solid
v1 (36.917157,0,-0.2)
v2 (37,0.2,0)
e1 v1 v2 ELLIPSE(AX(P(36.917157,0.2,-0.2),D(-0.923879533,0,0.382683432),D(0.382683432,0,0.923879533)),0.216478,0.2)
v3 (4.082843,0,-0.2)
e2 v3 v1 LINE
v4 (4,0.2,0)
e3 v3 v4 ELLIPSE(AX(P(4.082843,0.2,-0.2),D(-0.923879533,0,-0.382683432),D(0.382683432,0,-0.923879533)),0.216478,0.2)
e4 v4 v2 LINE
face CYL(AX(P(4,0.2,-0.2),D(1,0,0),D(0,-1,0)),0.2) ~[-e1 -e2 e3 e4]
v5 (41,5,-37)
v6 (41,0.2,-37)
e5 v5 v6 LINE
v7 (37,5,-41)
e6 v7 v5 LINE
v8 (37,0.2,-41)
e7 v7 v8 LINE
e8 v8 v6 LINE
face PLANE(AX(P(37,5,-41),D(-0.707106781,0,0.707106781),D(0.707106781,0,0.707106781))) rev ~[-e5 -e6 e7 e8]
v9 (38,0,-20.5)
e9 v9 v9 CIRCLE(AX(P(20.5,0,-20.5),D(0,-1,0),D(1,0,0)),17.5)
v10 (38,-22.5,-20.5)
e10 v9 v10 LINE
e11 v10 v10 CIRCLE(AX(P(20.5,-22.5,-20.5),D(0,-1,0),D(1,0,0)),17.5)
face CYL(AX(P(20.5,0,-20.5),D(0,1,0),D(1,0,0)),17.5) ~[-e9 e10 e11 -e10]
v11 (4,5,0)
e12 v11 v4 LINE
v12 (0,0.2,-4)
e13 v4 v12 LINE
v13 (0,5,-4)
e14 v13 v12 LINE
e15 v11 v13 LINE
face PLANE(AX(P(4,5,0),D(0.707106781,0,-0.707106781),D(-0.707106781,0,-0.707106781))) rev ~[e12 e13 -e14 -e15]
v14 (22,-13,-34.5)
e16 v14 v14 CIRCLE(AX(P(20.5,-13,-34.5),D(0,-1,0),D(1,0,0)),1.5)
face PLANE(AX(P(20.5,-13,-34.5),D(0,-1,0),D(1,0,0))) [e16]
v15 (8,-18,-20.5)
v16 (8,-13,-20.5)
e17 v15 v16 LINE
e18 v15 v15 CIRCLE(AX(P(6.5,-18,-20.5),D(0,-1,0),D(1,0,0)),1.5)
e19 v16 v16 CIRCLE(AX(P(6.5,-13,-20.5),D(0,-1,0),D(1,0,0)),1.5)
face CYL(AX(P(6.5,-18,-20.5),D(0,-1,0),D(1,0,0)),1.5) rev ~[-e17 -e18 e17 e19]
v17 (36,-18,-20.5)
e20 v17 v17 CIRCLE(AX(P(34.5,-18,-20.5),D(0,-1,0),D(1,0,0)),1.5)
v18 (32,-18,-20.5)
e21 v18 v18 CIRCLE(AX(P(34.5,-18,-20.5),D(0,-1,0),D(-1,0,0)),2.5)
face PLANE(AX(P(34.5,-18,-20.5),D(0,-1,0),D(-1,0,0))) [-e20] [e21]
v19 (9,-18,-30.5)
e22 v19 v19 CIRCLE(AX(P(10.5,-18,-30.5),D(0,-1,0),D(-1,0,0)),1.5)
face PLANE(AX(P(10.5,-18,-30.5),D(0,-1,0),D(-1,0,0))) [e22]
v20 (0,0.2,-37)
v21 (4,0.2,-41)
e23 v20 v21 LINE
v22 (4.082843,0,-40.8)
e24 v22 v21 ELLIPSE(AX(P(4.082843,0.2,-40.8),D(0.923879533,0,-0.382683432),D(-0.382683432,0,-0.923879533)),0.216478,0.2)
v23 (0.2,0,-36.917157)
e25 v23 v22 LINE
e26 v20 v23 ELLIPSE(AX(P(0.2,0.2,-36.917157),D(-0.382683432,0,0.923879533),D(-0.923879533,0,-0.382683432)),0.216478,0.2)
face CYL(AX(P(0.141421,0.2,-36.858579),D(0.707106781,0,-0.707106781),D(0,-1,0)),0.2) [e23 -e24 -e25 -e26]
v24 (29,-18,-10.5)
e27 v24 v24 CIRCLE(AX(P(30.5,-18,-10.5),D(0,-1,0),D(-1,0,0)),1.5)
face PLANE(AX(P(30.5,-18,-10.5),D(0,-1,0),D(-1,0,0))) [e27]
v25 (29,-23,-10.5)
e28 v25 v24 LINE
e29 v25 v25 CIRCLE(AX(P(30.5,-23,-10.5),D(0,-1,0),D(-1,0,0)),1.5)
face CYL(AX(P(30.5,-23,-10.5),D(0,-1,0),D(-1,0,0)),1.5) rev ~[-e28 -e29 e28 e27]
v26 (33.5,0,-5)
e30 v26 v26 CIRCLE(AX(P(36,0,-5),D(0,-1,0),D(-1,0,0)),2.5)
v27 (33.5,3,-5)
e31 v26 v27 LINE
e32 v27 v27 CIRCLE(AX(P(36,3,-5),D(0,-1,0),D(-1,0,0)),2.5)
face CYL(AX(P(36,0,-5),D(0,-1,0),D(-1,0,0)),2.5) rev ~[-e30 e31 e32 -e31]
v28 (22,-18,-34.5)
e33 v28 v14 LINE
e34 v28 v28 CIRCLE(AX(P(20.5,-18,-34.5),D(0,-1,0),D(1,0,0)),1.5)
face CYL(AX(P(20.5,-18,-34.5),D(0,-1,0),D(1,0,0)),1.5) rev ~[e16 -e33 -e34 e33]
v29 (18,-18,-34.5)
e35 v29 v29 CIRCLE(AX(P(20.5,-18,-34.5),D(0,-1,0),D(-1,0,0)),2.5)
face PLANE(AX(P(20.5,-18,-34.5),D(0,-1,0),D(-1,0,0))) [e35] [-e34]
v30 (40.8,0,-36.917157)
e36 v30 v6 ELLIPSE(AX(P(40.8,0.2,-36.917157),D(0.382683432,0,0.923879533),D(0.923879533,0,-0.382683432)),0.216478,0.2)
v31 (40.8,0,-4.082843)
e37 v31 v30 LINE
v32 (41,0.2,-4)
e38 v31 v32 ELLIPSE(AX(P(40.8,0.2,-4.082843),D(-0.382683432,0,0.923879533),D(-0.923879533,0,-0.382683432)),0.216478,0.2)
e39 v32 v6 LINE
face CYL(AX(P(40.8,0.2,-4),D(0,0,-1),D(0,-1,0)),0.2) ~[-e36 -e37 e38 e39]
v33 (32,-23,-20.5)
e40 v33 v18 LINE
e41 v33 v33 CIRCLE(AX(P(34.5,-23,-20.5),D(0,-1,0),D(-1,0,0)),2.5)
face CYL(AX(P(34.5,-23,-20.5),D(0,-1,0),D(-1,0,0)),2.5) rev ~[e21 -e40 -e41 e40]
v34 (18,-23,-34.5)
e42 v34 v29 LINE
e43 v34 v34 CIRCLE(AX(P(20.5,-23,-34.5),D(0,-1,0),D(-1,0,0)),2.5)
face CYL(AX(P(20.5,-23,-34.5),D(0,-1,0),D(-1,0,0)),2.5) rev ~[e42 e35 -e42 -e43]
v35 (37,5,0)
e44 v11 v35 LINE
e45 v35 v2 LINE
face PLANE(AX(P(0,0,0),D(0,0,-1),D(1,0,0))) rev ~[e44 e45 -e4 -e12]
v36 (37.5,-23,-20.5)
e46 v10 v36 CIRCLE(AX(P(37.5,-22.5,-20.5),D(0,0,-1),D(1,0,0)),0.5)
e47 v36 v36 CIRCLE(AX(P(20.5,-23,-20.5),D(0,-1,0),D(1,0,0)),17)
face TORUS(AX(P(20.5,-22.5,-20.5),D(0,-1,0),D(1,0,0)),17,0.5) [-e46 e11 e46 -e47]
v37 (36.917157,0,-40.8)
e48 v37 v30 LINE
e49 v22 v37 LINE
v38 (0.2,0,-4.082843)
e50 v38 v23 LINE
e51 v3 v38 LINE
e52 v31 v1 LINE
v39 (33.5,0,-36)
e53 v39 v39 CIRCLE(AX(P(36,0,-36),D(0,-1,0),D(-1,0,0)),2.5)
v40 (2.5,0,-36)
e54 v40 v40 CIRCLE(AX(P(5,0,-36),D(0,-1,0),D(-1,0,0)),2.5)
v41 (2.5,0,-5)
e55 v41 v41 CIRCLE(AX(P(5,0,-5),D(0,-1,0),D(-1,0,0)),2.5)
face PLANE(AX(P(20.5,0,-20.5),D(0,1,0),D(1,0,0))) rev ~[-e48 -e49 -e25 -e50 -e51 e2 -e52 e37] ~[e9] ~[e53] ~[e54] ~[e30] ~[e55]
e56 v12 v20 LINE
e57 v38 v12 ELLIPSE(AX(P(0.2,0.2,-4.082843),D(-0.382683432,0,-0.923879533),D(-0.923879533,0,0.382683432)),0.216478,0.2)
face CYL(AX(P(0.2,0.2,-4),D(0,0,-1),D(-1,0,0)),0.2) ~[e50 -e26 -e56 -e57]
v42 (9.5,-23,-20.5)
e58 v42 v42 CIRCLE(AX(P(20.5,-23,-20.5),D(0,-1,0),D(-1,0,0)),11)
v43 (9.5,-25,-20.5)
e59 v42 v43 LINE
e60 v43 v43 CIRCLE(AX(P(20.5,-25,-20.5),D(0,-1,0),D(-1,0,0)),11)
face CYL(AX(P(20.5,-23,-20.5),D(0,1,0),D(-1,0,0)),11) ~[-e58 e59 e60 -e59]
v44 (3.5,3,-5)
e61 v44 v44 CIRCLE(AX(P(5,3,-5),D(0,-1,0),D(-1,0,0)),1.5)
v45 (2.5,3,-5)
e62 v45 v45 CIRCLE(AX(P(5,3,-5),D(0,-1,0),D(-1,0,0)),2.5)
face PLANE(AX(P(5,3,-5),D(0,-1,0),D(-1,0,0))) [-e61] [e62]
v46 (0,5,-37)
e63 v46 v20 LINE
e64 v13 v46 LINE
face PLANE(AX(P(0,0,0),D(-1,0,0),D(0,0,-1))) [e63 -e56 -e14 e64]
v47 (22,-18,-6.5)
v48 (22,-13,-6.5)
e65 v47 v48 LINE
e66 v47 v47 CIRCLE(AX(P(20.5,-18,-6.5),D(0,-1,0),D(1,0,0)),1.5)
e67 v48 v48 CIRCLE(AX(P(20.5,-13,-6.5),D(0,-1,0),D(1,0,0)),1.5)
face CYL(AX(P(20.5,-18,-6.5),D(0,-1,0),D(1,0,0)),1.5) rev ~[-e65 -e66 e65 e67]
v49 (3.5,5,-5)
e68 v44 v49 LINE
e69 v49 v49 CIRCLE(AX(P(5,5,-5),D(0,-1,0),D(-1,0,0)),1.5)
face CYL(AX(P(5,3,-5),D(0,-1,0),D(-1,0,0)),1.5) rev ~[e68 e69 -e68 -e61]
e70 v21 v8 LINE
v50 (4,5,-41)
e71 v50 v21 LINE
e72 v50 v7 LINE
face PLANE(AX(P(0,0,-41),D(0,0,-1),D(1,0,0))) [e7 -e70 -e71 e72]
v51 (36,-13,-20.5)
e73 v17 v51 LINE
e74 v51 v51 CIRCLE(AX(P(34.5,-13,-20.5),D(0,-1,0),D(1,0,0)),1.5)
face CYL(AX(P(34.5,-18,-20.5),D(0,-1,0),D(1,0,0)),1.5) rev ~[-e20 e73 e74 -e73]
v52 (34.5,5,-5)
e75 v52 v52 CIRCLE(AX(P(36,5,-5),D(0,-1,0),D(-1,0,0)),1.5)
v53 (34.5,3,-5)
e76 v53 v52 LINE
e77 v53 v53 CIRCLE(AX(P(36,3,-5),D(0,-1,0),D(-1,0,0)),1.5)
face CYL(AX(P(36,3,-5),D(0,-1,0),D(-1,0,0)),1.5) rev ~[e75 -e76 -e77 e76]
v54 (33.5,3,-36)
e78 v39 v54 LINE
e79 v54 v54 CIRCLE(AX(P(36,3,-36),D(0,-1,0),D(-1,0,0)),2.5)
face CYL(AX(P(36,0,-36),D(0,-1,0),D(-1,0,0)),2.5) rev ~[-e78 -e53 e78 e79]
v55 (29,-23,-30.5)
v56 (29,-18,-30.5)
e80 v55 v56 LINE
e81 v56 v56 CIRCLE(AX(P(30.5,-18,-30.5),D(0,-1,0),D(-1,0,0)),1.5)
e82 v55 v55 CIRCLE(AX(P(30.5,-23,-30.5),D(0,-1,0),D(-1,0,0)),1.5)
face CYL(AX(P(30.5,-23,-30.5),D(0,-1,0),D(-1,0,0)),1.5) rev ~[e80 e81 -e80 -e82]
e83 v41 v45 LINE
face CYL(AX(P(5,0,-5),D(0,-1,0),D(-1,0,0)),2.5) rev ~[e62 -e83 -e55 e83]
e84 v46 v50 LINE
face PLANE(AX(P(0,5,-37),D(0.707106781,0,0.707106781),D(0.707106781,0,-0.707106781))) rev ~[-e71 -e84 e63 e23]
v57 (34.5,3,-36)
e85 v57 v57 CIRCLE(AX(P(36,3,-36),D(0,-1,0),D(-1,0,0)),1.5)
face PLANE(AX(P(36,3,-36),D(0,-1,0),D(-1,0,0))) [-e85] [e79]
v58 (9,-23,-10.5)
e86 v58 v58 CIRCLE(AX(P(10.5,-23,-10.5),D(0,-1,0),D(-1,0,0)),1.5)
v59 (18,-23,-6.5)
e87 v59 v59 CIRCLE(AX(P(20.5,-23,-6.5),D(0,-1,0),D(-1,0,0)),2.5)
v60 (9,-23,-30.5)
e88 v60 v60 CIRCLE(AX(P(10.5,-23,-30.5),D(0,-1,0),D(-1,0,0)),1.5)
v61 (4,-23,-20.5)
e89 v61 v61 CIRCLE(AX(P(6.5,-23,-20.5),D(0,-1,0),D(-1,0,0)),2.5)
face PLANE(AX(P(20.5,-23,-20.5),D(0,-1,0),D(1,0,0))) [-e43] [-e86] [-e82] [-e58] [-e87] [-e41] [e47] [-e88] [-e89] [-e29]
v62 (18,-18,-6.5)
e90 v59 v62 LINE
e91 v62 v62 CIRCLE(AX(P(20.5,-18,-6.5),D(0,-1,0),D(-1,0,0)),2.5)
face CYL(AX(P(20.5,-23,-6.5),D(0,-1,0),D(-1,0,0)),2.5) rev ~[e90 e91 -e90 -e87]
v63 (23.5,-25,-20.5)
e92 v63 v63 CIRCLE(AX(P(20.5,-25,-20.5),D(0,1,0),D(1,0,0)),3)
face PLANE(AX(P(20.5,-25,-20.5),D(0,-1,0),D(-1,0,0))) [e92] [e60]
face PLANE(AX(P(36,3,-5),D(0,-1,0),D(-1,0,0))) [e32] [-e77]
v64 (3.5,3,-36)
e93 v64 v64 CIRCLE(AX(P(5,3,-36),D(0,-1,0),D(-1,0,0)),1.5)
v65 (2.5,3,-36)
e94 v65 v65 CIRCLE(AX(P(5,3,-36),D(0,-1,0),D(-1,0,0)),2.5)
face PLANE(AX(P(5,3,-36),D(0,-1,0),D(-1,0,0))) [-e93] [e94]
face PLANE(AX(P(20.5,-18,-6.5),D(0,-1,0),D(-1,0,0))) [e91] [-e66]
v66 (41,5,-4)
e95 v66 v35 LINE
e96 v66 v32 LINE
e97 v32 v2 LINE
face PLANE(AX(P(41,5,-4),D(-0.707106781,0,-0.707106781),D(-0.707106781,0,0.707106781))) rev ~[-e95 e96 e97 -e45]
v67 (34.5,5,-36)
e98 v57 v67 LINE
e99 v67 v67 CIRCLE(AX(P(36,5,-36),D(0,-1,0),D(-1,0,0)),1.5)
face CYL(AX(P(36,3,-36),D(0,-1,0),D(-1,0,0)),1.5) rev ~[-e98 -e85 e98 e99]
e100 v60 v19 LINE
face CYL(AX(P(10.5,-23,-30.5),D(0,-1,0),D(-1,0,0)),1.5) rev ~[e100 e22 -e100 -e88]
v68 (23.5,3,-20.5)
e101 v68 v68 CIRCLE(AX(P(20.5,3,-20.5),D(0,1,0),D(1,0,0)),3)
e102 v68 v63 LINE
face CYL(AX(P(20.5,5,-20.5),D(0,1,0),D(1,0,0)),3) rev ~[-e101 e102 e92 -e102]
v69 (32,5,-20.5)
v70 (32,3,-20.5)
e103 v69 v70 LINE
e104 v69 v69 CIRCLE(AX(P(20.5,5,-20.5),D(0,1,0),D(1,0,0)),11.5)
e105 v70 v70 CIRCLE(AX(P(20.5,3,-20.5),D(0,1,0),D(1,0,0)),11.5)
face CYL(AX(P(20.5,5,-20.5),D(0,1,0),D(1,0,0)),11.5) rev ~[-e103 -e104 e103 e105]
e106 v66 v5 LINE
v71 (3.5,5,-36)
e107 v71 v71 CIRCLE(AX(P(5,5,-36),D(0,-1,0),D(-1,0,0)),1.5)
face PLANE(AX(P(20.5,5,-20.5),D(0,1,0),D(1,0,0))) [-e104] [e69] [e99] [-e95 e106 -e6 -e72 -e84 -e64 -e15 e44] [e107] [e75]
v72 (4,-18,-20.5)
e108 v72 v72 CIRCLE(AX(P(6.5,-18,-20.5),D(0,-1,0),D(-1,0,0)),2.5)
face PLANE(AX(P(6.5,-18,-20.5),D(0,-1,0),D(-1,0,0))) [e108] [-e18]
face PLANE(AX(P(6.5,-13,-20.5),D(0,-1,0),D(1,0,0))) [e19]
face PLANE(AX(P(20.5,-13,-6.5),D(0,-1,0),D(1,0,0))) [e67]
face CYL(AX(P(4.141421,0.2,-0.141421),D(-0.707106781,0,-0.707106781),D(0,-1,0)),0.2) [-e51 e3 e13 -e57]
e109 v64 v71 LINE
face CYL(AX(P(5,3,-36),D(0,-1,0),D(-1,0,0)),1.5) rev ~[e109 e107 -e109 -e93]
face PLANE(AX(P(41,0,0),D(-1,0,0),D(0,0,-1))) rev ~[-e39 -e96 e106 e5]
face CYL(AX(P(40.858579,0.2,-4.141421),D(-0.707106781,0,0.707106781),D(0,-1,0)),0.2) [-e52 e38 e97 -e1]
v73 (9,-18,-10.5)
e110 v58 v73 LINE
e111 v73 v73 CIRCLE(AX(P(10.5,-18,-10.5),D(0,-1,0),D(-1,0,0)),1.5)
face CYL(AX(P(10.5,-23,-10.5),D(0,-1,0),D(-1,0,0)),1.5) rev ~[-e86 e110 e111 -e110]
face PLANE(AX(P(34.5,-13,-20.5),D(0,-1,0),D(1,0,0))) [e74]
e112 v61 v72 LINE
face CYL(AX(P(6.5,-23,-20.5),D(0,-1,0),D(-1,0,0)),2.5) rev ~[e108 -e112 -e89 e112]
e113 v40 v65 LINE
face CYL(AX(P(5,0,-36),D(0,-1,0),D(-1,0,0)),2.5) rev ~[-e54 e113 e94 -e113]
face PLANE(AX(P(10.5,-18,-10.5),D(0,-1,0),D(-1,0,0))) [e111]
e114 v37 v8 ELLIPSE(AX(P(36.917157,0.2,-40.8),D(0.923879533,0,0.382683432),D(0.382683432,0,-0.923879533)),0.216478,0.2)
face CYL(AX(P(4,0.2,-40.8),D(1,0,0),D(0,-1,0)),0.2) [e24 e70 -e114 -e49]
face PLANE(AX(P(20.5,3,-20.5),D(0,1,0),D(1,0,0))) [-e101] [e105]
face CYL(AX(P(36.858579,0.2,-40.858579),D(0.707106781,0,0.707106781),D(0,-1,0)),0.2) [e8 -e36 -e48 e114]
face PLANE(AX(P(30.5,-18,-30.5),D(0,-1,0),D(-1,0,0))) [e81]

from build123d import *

# Parameters (mm, degrees)
SKETCH1_W           = 41
SKETCH1_H           = 41
BOSS_EXTRUDE1_DEPTH = 5
CUT_EXTRUDE2_DEPTH  = 5
SKETCH4_R           = 11.5
CUT_EXTRUDE3_DEPTH  = 2
SKETCH6_R           = 17.5
BOSS_EXTRUDE2_DEPTH = 23
FILLET1_R           = 0.2
FILLET2_R           = 0.5
SKETCH13_R          = 11
BOSS_EXTRUDE3_DEPTH = 2
SKETCH5_R           = 3
CUT_EXTRUDE9_DEPTH  = 31
SKETCH14_R          = 2.5
CUT_EXTRUDE10_DEPTH = 5
SKETCH15_R          = 1.5
CUT_EXTRUDE11_DEPTH = 5
SKETCH16_R          = 2.5
CUT_EXTRUDE12_DEPTH = 3
SKETCH17_R          = 1.5
CUT_EXTRUDE13_DEPTH = 3
SKETCH18_R          = 1.5
CUT_EXTRUDE14_DEPTH = 5


with BuildPart() as part:
    # Sketch1 → Boss-Extrude1 (new body)
    with BuildSketch(Plane(origin=(0, 0, 0), x_dir=(1, 0, 0), z_dir=(0, 1, 0))):
        with Locations((20.5, 20.5)):
            Rectangle(SKETCH1_W, SKETCH1_H)
    extrude(amount=BOSS_EXTRUDE1_DEPTH)

    # Sketch2 → Cut-Extrude2 (cut)
    with BuildSketch(Plane(origin=(0, 5, 0), x_dir=(1, 0, 0), z_dir=(0, 1, 0))):
        Polygon((0, 4), (0, 0), (4, 0), align=None)
        Polygon((0, 41), (0, 37), (4, 41), align=None)
        Polygon((41, 41), (37, 41), (41, 37), align=None)
        Polygon((41, 4), (37, 0), (41, 0), align=None)
    extrude(amount=-CUT_EXTRUDE2_DEPTH, mode=Mode.SUBTRACT)

    # Sketch4 → Cut-Extrude3 (cut)
    with BuildSketch(Plane(origin=(0, 5, 0), x_dir=(1, 0, 0), z_dir=(0, 1, 0))):
        with Locations((20.5, 20.5)):
            Circle(SKETCH4_R)
    extrude(amount=-CUT_EXTRUDE3_DEPTH, mode=Mode.SUBTRACT)

    # Sketch6 → Boss-Extrude2 (add)
    with BuildSketch(Plane.XZ):
        with Locations((20.5, -20.5)):
            Circle(SKETCH6_R)
    extrude(amount=BOSS_EXTRUDE2_DEPTH)

    # Fillet1
    fillet1_edges = [part.edges().sort_by_distance(p)[0] for p in [
        (20.5, 0, 0),
        (2, 0, -2),
        (0, 0, -20.5),
        (2, 0, -39),
        (20.5, 0, -41),
        (39, 0, -39),
        (41, 0, -20.5),
        (39, 0, -2),
    ]]
    fillet(fillet1_edges, radius=FILLET1_R)

    # Fillet2
    fillet2_edges = [part.edges().sort_by_distance(p)[0] for p in [
        (3, -23, -20.5),
    ]]
    fillet(fillet2_edges, radius=FILLET2_R)

    # Sketch13 → Boss-Extrude3 (add)
    with BuildSketch(Plane(origin=(0, -23, 0), x_dir=(-1, 0, 0), z_dir=(0, -1, 0))):
        with Locations((-20.5, 20.5)):
            Circle(SKETCH13_R)
    extrude(amount=BOSS_EXTRUDE3_DEPTH)

    # Sketch5 → Cut-Extrude9 (cut, through all)
    with BuildSketch(Plane(origin=(0, 5, 0), x_dir=(1, 0, 0), z_dir=(0, 1, 0))):
        with Locations((20.5, 20.5)):
            Circle(SKETCH5_R)
    extrude(amount=-CUT_EXTRUDE9_DEPTH, mode=Mode.SUBTRACT)

    # Sketch14 → Cut-Extrude10 (cut)
    with BuildSketch(Plane(origin=(0, -23, 0), x_dir=(-1, 0, 0), z_dir=(0, -1, 0))):
        with Locations((-20.5, 6.5)):
            Circle(SKETCH14_R)
        with Locations((-34.5, 20.5)):
            Circle(SKETCH14_R)
        with Locations((-20.5, 34.5)):
            Circle(SKETCH14_R)
        with Locations((-6.5, 20.5)):
            Circle(SKETCH14_R)
    extrude(amount=-CUT_EXTRUDE10_DEPTH, mode=Mode.SUBTRACT)

    # Sketch15 → Cut-Extrude11 (cut)
    with BuildSketch(Plane(origin=(0, -23, 0), x_dir=(-1, 0, 0), z_dir=(0, -1, 0))):
        with Locations((-6.357864376, 20.5)):
            Circle(SKETCH15_R)
        with Locations((-30.5, 10.5)):
            Circle(SKETCH15_R)
        with Locations((-20.5, 6.357864376)):
            Circle(SKETCH15_R)
        with Locations((-30.5, 30.5)):
            Circle(SKETCH15_R)
        with Locations((-34.642135624, 20.5)):
            Circle(SKETCH15_R)
        with Locations((-10.5, 30.5)):
            Circle(SKETCH15_R)
        with Locations((-20.5, 34.642135624)):
            Circle(SKETCH15_R)
        with Locations((-10.5, 10.5)):
            Circle(SKETCH15_R)
    extrude(amount=-CUT_EXTRUDE11_DEPTH, mode=Mode.SUBTRACT)

    # Sketch16 → Cut-Extrude12 (cut)
    with BuildSketch(Plane(origin=(0, 0, 0), x_dir=(-1, 0, 0), z_dir=(0, -1, 0))):
        with Locations((-5, 5)):
            Circle(SKETCH16_R)
        with Locations((-36, 5)):
            Circle(SKETCH16_R)
        with Locations((-5, 36)):
            Circle(SKETCH16_R)
        with Locations((-36, 36)):
            Circle(SKETCH16_R)
    extrude(amount=-CUT_EXTRUDE12_DEPTH, mode=Mode.SUBTRACT)

    # Sketch17 → Cut-Extrude13 (cut, through all)
    with BuildSketch(Plane(origin=(0, 3, 0), x_dir=(-1, 0, 0), z_dir=(0, -1, 0))):
        with Locations((-5, 5)):
            Circle(SKETCH17_R)
        with Locations((-36, 5)):
            Circle(SKETCH17_R)
        with Locations((-5, 36)):
            Circle(SKETCH17_R)
        with Locations((-36, 36)):
            Circle(SKETCH17_R)
    extrude(amount=-CUT_EXTRUDE13_DEPTH, mode=Mode.SUBTRACT)

    # Sketch18 → Cut-Extrude14 (cut)
    with BuildSketch(Plane.XZ.offset(18)):
        with Locations((6.5, -20.5)):
            Circle(SKETCH18_R)
        with Locations((34.5, -20.5)):
            Circle(SKETCH18_R)
        with Locations((20.5, -6.5)):
            Circle(SKETCH18_R)
        with Locations((20.5, -34.5)):
            Circle(SKETCH18_R)
    extrude(amount=-CUT_EXTRUDE14_DEPTH, mode=Mode.SUBTRACT)


solid = part.part
